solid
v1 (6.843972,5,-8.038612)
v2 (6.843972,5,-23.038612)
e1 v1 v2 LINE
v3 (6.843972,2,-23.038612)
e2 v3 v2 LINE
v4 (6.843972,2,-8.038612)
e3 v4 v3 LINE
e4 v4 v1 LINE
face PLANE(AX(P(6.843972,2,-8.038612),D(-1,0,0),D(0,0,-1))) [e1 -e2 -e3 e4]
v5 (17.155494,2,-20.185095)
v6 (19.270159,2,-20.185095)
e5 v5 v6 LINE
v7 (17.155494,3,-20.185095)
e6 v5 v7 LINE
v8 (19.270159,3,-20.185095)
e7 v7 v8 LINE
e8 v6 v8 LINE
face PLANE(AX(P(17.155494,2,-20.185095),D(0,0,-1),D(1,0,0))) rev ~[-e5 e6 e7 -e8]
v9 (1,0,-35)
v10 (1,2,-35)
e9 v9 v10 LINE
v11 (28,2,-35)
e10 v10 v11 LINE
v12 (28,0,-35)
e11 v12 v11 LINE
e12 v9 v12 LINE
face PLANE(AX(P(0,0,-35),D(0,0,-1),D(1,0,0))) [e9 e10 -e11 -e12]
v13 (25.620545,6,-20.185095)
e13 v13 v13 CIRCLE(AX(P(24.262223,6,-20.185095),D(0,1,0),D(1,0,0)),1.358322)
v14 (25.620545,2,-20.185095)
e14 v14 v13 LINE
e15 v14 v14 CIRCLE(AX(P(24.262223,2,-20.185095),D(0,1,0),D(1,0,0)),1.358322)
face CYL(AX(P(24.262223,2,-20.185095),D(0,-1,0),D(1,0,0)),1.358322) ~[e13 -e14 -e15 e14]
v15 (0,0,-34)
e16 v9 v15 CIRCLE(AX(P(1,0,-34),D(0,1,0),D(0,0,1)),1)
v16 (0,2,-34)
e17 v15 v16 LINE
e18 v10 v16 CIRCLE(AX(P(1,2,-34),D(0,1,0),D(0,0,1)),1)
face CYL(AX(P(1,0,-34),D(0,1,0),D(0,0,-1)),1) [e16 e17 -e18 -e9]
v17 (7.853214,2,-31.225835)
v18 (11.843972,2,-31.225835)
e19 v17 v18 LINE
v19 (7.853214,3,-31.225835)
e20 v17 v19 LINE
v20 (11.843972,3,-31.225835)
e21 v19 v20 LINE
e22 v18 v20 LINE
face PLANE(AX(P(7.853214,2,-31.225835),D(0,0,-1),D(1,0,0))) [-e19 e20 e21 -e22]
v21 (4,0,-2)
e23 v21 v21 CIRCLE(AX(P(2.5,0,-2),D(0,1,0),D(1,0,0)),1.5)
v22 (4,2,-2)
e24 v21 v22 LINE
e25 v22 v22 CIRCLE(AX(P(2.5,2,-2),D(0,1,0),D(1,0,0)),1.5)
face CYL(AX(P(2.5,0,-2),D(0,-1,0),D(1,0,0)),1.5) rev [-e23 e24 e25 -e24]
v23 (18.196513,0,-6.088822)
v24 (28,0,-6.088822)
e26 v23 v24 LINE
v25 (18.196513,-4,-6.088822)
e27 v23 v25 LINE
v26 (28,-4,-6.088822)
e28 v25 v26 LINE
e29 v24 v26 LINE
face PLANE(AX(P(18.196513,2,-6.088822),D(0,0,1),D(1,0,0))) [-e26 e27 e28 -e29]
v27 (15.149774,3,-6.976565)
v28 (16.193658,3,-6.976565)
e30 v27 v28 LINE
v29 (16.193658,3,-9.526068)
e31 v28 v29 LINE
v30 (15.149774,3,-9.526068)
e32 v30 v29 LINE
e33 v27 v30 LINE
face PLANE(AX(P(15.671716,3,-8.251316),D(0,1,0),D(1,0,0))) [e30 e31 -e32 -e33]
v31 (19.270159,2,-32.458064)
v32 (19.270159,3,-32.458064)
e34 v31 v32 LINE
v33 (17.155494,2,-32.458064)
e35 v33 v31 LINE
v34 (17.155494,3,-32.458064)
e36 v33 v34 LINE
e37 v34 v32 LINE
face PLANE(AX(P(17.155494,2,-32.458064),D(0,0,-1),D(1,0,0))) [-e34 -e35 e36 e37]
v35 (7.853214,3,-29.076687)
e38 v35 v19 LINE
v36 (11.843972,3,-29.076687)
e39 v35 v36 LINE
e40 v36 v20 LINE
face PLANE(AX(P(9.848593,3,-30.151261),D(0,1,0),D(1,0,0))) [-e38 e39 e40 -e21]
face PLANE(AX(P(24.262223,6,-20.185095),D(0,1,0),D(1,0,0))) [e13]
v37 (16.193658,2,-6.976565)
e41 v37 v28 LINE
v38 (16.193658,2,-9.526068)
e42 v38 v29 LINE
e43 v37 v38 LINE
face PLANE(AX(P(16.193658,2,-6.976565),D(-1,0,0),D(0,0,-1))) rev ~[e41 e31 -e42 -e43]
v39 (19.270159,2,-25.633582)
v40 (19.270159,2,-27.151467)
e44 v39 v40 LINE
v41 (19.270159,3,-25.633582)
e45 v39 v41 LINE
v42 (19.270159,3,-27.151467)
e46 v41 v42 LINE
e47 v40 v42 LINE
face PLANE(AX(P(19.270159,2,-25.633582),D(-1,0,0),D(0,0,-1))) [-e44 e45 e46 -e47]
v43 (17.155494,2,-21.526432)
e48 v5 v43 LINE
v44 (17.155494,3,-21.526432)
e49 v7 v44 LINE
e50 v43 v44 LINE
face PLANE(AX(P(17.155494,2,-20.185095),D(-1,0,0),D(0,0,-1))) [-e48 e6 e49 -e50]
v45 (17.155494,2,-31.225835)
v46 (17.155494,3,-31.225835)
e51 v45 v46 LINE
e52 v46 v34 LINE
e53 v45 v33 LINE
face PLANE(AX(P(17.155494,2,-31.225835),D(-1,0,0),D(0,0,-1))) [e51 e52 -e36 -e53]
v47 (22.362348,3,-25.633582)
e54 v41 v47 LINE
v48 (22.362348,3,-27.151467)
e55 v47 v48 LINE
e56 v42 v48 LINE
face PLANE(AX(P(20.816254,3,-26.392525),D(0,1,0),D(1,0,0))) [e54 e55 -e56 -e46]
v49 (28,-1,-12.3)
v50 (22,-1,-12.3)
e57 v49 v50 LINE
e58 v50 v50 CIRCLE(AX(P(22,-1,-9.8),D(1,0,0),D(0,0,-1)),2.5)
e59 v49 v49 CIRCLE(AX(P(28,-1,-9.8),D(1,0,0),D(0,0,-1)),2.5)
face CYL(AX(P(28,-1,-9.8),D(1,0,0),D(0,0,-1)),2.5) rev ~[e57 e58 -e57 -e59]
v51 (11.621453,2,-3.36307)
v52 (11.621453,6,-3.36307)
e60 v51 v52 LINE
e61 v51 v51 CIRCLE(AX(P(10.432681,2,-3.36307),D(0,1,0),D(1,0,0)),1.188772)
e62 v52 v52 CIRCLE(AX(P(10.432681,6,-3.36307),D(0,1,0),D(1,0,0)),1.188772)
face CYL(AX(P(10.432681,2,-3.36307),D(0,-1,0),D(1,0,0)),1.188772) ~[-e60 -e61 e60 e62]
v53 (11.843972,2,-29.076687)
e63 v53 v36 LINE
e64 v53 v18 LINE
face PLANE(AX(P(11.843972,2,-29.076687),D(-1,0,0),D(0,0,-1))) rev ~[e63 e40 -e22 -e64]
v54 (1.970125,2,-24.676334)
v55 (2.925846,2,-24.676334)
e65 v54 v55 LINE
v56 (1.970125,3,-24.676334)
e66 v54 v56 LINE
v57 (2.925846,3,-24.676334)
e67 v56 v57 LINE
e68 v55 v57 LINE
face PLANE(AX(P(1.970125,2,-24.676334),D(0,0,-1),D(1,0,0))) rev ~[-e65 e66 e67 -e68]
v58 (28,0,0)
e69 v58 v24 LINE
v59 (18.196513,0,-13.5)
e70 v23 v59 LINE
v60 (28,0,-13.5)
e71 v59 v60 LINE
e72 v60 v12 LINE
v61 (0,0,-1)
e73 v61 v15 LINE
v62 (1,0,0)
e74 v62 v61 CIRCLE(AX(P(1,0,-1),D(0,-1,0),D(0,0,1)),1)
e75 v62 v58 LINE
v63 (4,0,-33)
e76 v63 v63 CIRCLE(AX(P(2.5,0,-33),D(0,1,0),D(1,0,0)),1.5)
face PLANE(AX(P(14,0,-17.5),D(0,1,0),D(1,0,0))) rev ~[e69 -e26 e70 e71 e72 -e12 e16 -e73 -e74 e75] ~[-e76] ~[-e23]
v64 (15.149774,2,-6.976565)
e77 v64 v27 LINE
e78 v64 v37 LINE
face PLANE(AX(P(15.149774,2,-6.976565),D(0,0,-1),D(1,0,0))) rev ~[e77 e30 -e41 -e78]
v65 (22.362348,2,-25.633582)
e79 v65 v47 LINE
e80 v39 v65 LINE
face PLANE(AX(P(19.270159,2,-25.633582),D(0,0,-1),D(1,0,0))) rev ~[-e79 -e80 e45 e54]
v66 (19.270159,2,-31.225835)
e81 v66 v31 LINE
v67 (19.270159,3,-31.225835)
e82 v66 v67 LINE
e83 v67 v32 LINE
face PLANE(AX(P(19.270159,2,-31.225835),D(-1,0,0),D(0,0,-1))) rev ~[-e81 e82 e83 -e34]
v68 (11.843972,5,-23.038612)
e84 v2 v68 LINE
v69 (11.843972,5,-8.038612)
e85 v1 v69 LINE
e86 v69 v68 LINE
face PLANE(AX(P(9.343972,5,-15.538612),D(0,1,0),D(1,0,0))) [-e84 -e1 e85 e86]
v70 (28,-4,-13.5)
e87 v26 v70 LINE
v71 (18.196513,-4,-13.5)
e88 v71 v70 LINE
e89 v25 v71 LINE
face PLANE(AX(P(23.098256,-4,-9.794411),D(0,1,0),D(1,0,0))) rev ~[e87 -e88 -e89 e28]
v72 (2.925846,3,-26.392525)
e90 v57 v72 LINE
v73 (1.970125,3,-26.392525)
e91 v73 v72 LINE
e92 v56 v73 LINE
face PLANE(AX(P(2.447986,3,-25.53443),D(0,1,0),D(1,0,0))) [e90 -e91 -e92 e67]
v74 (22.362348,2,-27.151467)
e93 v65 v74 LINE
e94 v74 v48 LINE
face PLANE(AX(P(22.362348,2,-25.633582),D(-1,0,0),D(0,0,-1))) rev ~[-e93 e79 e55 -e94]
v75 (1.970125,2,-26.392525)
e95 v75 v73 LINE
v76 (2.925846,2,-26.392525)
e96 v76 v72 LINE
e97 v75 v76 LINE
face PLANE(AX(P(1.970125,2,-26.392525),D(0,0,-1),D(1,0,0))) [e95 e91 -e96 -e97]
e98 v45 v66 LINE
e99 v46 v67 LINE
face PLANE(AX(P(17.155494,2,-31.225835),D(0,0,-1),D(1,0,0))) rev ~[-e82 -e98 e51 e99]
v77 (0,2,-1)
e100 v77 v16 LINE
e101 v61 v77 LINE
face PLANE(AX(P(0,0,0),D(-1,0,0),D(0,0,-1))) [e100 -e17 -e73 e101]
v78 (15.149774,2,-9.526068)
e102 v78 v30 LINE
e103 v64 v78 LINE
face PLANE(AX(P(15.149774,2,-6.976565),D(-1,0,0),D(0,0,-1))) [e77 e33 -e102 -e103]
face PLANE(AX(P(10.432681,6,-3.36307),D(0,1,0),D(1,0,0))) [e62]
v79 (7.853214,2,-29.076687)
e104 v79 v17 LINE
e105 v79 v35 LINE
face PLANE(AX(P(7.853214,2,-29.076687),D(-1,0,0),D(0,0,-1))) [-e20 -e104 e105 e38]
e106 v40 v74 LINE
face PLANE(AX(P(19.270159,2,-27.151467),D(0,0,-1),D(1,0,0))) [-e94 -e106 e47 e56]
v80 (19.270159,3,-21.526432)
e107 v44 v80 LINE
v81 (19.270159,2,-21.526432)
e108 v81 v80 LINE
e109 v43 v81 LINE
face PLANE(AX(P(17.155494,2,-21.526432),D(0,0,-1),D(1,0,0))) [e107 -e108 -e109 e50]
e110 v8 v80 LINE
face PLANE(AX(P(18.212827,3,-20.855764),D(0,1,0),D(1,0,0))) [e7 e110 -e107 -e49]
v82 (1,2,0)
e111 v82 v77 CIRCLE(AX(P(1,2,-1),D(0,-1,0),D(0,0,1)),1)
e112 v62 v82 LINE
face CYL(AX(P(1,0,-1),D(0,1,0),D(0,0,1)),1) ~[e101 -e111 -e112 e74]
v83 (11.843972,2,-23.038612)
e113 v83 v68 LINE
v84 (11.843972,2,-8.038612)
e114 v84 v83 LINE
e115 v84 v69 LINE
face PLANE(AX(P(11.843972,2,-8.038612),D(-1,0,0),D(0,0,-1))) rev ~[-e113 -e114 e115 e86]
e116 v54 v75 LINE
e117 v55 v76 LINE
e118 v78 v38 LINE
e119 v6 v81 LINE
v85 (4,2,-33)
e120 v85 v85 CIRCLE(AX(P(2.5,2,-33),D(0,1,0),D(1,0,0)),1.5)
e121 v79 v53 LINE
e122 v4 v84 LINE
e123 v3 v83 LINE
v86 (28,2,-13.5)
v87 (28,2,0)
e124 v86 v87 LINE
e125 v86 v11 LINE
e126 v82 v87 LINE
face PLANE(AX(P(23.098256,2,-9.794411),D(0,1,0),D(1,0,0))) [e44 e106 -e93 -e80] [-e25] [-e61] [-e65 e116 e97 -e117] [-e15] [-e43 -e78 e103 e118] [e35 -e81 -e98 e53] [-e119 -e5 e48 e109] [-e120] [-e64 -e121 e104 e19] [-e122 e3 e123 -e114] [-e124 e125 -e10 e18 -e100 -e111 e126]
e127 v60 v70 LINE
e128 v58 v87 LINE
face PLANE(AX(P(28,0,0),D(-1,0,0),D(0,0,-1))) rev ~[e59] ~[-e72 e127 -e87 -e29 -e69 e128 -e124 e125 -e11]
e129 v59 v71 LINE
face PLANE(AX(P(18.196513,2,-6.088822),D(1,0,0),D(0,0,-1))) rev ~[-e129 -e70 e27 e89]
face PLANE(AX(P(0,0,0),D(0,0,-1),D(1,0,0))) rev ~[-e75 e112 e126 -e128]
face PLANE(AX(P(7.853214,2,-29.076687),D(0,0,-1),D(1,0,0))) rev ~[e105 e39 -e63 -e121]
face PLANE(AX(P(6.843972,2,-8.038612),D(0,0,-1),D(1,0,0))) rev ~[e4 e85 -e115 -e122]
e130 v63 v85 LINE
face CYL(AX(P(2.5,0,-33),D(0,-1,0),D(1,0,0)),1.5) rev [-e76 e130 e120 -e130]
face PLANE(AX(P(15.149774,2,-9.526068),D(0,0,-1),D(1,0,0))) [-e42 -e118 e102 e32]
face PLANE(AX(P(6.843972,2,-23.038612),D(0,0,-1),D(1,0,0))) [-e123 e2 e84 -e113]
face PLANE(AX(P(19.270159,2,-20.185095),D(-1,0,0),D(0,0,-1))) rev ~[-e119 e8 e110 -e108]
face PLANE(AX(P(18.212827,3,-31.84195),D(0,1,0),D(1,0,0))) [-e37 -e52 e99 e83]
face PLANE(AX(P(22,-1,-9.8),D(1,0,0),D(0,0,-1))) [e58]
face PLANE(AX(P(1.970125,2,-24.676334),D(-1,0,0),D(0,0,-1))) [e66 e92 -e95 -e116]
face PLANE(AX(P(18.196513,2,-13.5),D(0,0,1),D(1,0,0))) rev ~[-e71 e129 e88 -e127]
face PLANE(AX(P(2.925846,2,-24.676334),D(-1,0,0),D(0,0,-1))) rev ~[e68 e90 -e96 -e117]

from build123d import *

# Parameters (mm, degrees)
SKETCH1_W           = 28
SKETCH1_H           = 35
SKETCH1_R           = 1.5
BOSS_EXTRUDE1_DEPTH = 2
SKETCH2_W           = 9.803487011
SKETCH2_H           = 7.411177961
BOSS_EXTRUDE2_DEPTH = 6
SKETCH2_3_W         = 5
SKETCH2_3_H         = 15
BOSS_EXTRUDE3_DEPTH = 3
SKETCH2_4_R         = 1.188771684
SKETCH2_4_R_2       = 1.358321726
BOSS_EXTRUDE4_DEPTH = 4
SKETCH2_5_W         = 3.990758571
SKETCH2_5_H         = 2.149147788
SKETCH2_5_W_2       = 2.114664683
SKETCH2_5_H_2       = 1.232229244
SKETCH2_5_W_3       = 3.092189454
SKETCH2_5_H_3       = 1.517885082
SKETCH2_5_H_4       = 1.341337727
SKETCH2_5_W_4       = 1.043883653
SKETCH2_5_H_5       = 2.549502456
SKETCH2_5_W_5       = 0.955721455
SKETCH2_5_H_6       = 1.716190389
BOSS_EXTRUDE5_DEPTH = 1
FILLET1_R           = 1
SKETCH3_R           = 2.5
CUT_EXTRUDE1_DEPTH  = 6


with BuildPart() as part:
    # Sketch1 → Boss-Extrude1 (new body)
    with BuildSketch(Plane(origin=(0, 0, 0), x_dir=(1, 0, 0), z_dir=(0, 1, 0))):
        with Locations((14, 17.5)):
            Rectangle(SKETCH1_W, SKETCH1_H)
        with Locations((2.5, 2)):
            Circle(SKETCH1_R, mode=Mode.SUBTRACT)
        with Locations((2.5, 33)):
            Circle(SKETCH1_R, mode=Mode.SUBTRACT)
    extrude(amount=BOSS_EXTRUDE1_DEPTH)

    # Sketch2 → Boss-Extrude2 (add)
    with BuildSketch(Plane(origin=(0, 2, 0), x_dir=(1, 0, 0), z_dir=(0, 1, 0))):
        with Locations((23.098256494, 9.79441102)):
            Rectangle(SKETCH2_W, SKETCH2_H)
    extrude(amount=-BOSS_EXTRUDE2_DEPTH)

    # Sketch2<3> → Boss-Extrude3 (add)
    with BuildSketch(Plane(origin=(0, 2, 0), x_dir=(1, 0, 0), z_dir=(0, 1, 0))):
        with Locations((9.343972274, 15.538611718)):
            Rectangle(SKETCH2_3_W, SKETCH2_3_H)
    extrude(amount=BOSS_EXTRUDE3_DEPTH)

    # Sketch2<4> → Boss-Extrude4 (add)
    with BuildSketch(Plane(origin=(0, 2, 0), x_dir=(1, 0, 0), z_dir=(0, 1, 0))):
        with Locations((10.43268107, 3.363069922)):
            Circle(SKETCH2_4_R)
        with Locations((24.262223339, 20.185094641)):
            Circle(SKETCH2_4_R_2)
    extrude(amount=BOSS_EXTRUDE4_DEPTH)

    # Sketch2<5> → Boss-Extrude5 (add)
    with BuildSketch(Plane(origin=(0, 2, 0), x_dir=(1, 0, 0), z_dir=(0, 1, 0))):
        with Locations((9.848592989, 30.151261091)):
            Rectangle(SKETCH2_5_W, SKETCH2_5_H)
        with Locations((18.212826519, 31.841949607)):
            Rectangle(SKETCH2_5_W_2, SKETCH2_5_H_2)
        with Locations((20.816253587, 26.392524838)):
            Rectangle(SKETCH2_5_W_3, SKETCH2_5_H_3)
        with Locations((18.212826519, 20.855763505)):
            Rectangle(SKETCH2_5_W_2, SKETCH2_5_H_4)
        with Locations((15.671715961, 8.251316283)):
            Rectangle(SKETCH2_5_W_4, SKETCH2_5_H_5)
        with Locations((2.447985743, 25.534429644)):
            Rectangle(SKETCH2_5_W_5, SKETCH2_5_H_6)
    extrude(amount=BOSS_EXTRUDE5_DEPTH)

    # Fillet1
    fillet1_edges = [part.edges().sort_by_distance(p)[0] for p in [
        (0, 1, -35),
        (0, 1, 0),
    ]]
    fillet(fillet1_edges, radius=FILLET1_R)

    # Sketch3 → Cut-Extrude1 (cut)
    with BuildSketch(Plane(origin=(28, 0, 0), x_dir=(0, 0, -1), z_dir=(1, 0, 0))):
        with Locations((9.8, -1)):
            Circle(SKETCH3_R)
    extrude(amount=-CUT_EXTRUDE1_DEPTH, mode=Mode.SUBTRACT)


solid = part.part
